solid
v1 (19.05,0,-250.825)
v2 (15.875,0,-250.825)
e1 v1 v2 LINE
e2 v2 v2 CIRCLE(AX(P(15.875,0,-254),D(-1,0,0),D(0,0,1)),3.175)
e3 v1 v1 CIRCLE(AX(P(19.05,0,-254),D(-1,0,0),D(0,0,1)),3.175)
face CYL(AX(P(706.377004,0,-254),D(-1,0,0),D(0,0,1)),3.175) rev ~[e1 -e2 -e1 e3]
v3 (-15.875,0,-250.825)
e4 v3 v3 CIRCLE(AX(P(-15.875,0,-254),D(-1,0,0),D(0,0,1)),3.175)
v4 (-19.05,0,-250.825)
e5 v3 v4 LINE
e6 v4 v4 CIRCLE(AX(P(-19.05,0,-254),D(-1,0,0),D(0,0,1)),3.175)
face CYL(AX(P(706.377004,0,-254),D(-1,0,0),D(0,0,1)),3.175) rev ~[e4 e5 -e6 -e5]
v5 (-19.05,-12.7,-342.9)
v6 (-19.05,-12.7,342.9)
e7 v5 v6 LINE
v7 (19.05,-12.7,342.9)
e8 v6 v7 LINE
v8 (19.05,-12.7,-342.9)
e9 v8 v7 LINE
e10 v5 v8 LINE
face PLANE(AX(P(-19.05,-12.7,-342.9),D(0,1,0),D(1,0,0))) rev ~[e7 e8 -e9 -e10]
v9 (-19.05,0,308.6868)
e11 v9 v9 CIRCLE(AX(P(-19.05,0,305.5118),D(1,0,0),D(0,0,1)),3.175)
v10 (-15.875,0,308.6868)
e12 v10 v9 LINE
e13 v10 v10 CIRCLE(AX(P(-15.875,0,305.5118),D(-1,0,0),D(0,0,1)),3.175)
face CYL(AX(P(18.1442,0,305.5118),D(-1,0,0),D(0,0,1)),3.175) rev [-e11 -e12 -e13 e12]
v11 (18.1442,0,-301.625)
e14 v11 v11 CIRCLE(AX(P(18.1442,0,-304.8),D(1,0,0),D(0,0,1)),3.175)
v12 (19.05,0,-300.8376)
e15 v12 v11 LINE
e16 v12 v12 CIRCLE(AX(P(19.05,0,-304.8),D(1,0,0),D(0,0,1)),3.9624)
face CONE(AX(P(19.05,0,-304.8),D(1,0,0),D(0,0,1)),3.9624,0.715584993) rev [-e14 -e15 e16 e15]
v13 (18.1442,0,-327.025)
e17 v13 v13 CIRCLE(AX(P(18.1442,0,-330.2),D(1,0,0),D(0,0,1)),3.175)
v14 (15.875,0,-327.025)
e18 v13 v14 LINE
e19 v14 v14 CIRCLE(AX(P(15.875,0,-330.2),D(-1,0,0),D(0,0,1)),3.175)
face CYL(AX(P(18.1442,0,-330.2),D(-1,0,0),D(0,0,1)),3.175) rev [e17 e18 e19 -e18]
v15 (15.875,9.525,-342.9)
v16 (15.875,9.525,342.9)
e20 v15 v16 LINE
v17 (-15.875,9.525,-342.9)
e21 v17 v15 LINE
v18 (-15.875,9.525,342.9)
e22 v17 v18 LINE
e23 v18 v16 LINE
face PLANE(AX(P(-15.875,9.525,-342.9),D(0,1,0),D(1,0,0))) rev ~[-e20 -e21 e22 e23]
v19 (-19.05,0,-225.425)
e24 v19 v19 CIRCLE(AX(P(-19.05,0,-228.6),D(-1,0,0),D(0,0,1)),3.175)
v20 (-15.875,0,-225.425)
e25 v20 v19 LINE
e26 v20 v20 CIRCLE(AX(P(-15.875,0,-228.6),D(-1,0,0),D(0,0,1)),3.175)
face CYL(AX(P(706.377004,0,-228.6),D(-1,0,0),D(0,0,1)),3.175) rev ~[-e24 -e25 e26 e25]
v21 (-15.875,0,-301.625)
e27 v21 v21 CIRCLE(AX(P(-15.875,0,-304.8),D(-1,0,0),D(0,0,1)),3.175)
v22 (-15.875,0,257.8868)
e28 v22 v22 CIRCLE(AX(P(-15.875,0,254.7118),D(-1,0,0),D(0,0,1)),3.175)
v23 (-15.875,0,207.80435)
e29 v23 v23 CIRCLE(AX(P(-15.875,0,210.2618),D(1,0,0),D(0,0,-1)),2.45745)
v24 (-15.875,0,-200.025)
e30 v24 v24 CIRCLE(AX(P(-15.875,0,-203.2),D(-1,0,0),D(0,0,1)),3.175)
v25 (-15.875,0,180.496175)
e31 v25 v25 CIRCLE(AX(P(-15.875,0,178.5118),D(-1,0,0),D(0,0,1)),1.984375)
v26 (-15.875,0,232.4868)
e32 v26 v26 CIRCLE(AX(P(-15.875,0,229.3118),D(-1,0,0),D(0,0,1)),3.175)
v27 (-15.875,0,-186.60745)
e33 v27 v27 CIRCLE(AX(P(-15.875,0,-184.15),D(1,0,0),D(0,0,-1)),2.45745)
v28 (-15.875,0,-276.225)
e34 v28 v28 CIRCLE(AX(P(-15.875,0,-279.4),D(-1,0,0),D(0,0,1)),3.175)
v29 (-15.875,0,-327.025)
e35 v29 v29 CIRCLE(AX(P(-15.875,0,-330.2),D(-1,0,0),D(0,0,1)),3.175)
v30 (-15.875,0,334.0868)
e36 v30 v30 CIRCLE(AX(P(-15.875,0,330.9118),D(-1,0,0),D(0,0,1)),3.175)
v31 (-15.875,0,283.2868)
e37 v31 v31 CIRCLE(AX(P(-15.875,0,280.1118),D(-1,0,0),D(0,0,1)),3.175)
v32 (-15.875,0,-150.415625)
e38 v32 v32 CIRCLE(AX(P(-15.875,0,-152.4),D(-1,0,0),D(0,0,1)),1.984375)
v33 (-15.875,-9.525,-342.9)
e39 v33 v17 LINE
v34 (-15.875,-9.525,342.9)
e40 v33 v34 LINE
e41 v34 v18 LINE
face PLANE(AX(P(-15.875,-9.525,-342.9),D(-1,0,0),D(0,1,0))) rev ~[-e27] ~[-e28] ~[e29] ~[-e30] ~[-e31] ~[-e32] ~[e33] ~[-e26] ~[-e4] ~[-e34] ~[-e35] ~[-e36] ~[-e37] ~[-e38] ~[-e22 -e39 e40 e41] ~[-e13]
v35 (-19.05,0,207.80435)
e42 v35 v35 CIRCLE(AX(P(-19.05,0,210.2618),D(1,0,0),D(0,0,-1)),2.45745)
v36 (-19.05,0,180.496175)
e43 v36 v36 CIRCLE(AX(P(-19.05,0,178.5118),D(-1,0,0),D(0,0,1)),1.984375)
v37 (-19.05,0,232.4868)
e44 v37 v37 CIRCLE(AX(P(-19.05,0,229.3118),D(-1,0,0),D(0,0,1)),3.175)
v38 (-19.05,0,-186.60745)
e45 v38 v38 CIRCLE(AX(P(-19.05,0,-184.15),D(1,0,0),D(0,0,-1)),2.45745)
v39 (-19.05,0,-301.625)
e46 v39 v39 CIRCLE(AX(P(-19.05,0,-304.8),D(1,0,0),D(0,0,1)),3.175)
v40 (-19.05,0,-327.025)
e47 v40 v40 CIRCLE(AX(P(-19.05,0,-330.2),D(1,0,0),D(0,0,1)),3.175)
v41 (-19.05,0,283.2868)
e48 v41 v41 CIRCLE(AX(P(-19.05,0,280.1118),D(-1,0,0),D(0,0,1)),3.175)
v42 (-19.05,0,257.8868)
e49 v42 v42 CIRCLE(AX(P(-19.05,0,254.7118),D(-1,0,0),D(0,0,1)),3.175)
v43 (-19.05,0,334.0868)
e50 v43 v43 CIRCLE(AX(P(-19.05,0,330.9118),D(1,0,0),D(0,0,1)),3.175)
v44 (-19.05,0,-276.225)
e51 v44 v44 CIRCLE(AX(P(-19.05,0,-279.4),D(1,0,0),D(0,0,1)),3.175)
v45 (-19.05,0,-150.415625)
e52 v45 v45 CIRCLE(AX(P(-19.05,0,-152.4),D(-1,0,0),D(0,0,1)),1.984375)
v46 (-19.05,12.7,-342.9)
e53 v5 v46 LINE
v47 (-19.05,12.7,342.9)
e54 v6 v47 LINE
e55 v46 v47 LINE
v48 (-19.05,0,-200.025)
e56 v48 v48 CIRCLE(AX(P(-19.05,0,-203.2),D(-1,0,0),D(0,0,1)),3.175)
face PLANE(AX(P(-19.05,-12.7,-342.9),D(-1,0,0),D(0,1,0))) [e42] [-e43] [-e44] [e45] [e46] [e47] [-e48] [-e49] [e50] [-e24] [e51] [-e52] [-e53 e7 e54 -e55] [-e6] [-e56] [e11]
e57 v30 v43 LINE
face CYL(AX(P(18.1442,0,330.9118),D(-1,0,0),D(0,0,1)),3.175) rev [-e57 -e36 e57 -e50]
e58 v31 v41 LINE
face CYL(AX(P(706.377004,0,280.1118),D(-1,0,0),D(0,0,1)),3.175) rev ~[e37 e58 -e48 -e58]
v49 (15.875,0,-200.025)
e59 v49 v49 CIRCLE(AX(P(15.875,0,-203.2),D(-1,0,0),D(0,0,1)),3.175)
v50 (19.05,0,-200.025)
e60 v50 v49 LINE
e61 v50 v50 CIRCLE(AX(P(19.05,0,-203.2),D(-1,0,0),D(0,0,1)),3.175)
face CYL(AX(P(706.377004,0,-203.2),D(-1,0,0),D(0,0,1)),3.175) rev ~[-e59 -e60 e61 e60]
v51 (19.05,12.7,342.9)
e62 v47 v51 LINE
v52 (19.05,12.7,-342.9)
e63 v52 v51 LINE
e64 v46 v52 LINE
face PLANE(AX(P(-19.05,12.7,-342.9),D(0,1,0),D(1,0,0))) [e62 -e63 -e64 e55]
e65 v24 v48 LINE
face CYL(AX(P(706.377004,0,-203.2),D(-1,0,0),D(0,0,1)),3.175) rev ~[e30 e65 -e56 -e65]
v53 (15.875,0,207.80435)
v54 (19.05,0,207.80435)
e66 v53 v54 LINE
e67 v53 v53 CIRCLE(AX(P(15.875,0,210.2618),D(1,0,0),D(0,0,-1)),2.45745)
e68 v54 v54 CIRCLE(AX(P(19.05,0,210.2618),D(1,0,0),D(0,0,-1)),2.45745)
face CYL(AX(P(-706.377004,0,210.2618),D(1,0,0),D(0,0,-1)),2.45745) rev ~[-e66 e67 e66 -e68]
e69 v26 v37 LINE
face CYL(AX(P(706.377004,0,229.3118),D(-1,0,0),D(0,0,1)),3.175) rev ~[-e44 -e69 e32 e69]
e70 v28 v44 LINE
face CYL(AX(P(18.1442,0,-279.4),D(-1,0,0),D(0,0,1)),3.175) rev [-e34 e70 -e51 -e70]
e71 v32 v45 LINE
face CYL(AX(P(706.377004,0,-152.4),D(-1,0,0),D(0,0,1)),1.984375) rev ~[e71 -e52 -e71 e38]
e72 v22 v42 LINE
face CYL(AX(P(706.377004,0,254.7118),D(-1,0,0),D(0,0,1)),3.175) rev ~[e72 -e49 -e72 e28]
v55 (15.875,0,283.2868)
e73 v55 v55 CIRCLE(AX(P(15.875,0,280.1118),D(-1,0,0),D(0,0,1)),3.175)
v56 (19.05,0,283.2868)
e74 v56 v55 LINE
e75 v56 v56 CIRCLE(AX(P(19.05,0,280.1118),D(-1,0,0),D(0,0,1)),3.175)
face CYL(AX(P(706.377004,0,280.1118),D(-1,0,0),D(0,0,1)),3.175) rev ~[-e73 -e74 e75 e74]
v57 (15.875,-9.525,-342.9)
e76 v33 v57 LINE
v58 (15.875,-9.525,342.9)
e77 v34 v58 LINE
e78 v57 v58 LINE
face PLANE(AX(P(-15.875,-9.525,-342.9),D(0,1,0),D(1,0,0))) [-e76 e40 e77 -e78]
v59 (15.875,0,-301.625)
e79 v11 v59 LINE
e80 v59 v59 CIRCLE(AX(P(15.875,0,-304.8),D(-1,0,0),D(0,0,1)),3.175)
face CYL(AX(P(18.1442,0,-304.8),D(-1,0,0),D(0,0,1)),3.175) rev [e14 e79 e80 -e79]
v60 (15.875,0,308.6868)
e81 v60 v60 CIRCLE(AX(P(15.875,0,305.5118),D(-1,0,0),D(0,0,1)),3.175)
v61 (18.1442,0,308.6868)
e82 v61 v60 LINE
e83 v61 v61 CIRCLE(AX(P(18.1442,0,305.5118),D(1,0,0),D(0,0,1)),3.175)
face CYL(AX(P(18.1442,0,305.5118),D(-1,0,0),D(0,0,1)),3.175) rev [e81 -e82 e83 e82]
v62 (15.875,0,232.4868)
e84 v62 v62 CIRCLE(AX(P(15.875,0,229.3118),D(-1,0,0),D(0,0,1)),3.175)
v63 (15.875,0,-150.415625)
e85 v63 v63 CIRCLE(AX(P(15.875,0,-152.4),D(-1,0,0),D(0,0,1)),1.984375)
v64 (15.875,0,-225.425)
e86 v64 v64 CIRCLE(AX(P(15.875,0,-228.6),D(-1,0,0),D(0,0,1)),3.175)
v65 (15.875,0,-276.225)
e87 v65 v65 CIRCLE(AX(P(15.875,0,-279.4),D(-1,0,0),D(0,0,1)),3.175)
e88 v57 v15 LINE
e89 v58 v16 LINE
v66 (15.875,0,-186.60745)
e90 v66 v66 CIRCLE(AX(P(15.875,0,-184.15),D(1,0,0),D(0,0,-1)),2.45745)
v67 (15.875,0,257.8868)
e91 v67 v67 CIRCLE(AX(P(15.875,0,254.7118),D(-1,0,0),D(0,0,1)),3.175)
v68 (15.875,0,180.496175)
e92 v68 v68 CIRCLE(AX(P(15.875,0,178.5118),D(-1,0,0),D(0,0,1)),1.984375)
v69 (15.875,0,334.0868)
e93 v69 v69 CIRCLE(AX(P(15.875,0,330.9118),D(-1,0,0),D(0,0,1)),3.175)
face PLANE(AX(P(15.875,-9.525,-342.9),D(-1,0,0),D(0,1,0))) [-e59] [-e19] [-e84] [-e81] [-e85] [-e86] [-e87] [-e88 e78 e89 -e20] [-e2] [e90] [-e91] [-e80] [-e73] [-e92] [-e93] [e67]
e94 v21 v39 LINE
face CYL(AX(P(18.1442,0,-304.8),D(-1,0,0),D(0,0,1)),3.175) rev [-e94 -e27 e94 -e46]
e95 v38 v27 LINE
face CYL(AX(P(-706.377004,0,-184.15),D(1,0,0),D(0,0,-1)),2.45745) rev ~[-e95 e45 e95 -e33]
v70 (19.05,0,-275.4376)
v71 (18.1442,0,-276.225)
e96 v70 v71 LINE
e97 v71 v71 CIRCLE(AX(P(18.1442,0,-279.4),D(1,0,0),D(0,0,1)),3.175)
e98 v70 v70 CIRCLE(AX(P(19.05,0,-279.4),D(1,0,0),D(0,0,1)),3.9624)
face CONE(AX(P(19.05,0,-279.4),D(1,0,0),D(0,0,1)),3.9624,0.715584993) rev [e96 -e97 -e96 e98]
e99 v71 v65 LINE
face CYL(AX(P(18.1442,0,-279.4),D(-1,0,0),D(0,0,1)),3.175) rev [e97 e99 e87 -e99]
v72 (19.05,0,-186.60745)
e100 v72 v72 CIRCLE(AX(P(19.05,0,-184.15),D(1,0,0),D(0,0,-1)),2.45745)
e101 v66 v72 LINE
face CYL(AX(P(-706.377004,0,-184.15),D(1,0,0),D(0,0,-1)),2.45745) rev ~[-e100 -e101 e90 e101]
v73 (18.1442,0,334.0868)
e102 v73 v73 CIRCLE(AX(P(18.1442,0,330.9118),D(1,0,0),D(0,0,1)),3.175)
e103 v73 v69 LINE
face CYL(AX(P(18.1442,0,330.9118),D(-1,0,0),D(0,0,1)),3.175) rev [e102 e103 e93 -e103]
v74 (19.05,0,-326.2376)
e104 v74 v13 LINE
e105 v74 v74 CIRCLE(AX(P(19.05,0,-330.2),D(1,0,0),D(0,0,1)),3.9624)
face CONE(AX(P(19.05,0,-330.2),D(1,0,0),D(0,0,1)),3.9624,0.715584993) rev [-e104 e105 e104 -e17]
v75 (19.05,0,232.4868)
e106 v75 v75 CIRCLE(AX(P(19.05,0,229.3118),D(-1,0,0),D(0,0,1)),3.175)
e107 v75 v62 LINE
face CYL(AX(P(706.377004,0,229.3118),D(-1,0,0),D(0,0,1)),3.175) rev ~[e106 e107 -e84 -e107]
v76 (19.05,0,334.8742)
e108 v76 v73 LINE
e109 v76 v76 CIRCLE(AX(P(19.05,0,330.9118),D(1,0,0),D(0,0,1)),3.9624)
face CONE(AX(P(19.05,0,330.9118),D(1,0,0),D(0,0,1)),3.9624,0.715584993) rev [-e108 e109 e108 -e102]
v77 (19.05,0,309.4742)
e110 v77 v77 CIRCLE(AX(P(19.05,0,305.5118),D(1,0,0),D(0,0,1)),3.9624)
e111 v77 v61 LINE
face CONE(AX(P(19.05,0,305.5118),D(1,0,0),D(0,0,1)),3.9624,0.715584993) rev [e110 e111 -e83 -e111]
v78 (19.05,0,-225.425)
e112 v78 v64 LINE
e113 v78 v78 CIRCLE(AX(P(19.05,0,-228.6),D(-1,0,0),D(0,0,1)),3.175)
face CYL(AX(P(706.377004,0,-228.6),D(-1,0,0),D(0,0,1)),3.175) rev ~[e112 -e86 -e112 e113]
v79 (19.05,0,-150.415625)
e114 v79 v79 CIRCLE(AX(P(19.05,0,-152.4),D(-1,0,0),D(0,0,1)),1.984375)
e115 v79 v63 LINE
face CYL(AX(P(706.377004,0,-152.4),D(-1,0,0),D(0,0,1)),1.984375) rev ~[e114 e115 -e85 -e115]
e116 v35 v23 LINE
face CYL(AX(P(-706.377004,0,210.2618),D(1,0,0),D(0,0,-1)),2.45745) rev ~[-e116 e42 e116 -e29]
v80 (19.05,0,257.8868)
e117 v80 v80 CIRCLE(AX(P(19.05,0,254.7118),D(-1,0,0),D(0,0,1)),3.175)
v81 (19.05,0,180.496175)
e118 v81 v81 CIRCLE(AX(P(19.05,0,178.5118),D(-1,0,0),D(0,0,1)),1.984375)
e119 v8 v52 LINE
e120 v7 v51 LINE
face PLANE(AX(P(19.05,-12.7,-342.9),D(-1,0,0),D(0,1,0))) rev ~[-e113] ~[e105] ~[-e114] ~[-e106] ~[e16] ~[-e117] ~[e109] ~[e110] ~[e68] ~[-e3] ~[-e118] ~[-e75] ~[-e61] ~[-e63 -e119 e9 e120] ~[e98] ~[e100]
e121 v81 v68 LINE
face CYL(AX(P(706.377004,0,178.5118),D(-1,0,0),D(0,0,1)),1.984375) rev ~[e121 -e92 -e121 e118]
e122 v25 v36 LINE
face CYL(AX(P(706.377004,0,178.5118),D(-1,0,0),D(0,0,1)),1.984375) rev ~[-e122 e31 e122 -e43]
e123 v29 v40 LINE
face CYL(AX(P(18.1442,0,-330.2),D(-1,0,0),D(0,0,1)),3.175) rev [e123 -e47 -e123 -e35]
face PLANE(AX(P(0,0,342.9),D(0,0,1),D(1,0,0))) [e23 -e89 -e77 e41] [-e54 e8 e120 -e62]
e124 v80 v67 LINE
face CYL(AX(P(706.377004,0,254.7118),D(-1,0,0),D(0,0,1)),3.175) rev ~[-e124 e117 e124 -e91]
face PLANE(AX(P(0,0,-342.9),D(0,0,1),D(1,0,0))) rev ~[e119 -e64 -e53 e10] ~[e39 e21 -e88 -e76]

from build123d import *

# Parameters (mm, degrees)
BOSS_EXTRUDE1_DEPTH                  = 342.9
BOSS_EXTRUDE1_DEPTH_BACK             = 342.9
SKETCH3_W                            = 38.1
SKETCH3_H                            = 25.4
SKETCH3_W_2                          = 31.75
SKETCH3_H_2                          = 19.05
F_1_4_0_25_DIAMETER_HOLE2_AT_2_COUNT = 2
F_1_4_0_25_DIAMETER_HOLE2_AT_2_PITCH = 25.4
F_1_4_0_25_DIAMETER_HOLE2_AT_3_COUNT = 2
F_1_4_0_25_DIAMETER_HOLE2_AT_3_PITCH = 661.111799988
F_1_4_0_25_DIAMETER_HOLE2_AT_4_COUNT = 2
F_1_4_0_25_DIAMETER_HOLE2_AT_4_PITCH = 50.8
F_1_4_0_25_DIAMETER_HOLE2_AT_5_COUNT = 2
F_1_4_0_25_DIAMETER_HOLE2_AT_5_PITCH = 635.711799988
F_1_4_0_25_DIAMETER_HOLE3_D          = 6.35
F_5_32_0_15625_DIAMETER_HOLE1_D      = 3.96875
F_10_0_1935_DIAMETER_HOLE1_D         = 4.9149


with BuildPart() as part:
    # Sketch3 → Boss-Extrude1 (new, two sides: drawn at the far end of the back side and taken through both)
    with BuildSketch(Plane.XY.offset(-BOSS_EXTRUDE1_DEPTH_BACK)):
        Rectangle(SKETCH3_W, SKETCH3_H)
        Rectangle(SKETCH3_W_2, SKETCH3_H_2, mode=Mode.SUBTRACT)
    extrude(amount=BOSS_EXTRUDE1_DEPTH + BOSS_EXTRUDE1_DEPTH_BACK)

    # Sketch8 → 1/4 (0.25) Diameter Hole2 (revolve, cut)
    with BuildSketch(Plane(origin=(-19.05, 0, -330.2), x_dir=(0, 0, 1), z_dir=(0, 1, 0))):
        Polygon((0, 0), (0, 38.1), (3.9624, 38.1), (3.175, 37.194199916), (3.175, 0), align=None)
    f_1_4_0_25_diameter_hole2 = revolve(axis=Axis((-25.4, 0, -330.2), (1, 0, 0)), mode=Mode.SUBTRACT)

    # 1/4 (0.25) Diameter Hole2 at 2: 1/4 (0.25) Diameter Hole2 ×2
    with Locations(*[(0, 0, i * F_1_4_0_25_DIAMETER_HOLE2_AT_2_PITCH) for i in range(1, F_1_4_0_25_DIAMETER_HOLE2_AT_2_COUNT)]):
        add(f_1_4_0_25_diameter_hole2, mode=Mode.SUBTRACT)

    # 1/4 (0.25) Diameter Hole2 at 3: 1/4 (0.25) Diameter Hole2 ×2
    with Locations(*[(0, 0, i * F_1_4_0_25_DIAMETER_HOLE2_AT_3_PITCH) for i in range(1, F_1_4_0_25_DIAMETER_HOLE2_AT_3_COUNT)]):
        add(f_1_4_0_25_diameter_hole2, mode=Mode.SUBTRACT)

    # 1/4 (0.25) Diameter Hole2 at 4: 1/4 (0.25) Diameter Hole2 ×2
    with Locations(*[(0, 0, i * F_1_4_0_25_DIAMETER_HOLE2_AT_4_PITCH) for i in range(1, F_1_4_0_25_DIAMETER_HOLE2_AT_4_COUNT)]):
        add(f_1_4_0_25_diameter_hole2, mode=Mode.SUBTRACT)

    # 1/4 (0.25) Diameter Hole2 at 5: 1/4 (0.25) Diameter Hole2 ×2
    with Locations(*[(0, 0, i * F_1_4_0_25_DIAMETER_HOLE2_AT_5_PITCH) for i in range(1, F_1_4_0_25_DIAMETER_HOLE2_AT_5_COUNT)]):
        add(f_1_4_0_25_diameter_hole2, mode=Mode.SUBTRACT)

    # 1/4 (0.25) Diameter Hole3 (through all)
    with Locations(Plane(origin=(19.05, 0, 0), x_dir=(0, 0, -1), z_dir=(1, 0, 0))):
        with Locations((-280.111799988, 0), (-254.711799988, 0), (-229.311799988, 0), (254, 0), (228.6, 0), (203.2, 0)):
            Hole(F_1_4_0_25_DIAMETER_HOLE3_D / 2)

    # 5/32 (0.15625) Diameter Hole1 (through all)
    with Locations(Plane(origin=(19.05, 0, 0), x_dir=(0, 0, -1), z_dir=(1, 0, 0))):
        with Locations((152.4, 0), (-178.511799988, 0)):
            Hole(F_5_32_0_15625_DIAMETER_HOLE1_D / 2)

    # #10 (0.1935) Diameter Hole1 (through all)
    with Locations(Plane.ZY.offset(19.05)):
        with Locations((-184.15, 0), (210.261799988, 0)):
            Hole(F_10_0_1935_DIAMETER_HOLE1_D / 2)


solid = part.part
